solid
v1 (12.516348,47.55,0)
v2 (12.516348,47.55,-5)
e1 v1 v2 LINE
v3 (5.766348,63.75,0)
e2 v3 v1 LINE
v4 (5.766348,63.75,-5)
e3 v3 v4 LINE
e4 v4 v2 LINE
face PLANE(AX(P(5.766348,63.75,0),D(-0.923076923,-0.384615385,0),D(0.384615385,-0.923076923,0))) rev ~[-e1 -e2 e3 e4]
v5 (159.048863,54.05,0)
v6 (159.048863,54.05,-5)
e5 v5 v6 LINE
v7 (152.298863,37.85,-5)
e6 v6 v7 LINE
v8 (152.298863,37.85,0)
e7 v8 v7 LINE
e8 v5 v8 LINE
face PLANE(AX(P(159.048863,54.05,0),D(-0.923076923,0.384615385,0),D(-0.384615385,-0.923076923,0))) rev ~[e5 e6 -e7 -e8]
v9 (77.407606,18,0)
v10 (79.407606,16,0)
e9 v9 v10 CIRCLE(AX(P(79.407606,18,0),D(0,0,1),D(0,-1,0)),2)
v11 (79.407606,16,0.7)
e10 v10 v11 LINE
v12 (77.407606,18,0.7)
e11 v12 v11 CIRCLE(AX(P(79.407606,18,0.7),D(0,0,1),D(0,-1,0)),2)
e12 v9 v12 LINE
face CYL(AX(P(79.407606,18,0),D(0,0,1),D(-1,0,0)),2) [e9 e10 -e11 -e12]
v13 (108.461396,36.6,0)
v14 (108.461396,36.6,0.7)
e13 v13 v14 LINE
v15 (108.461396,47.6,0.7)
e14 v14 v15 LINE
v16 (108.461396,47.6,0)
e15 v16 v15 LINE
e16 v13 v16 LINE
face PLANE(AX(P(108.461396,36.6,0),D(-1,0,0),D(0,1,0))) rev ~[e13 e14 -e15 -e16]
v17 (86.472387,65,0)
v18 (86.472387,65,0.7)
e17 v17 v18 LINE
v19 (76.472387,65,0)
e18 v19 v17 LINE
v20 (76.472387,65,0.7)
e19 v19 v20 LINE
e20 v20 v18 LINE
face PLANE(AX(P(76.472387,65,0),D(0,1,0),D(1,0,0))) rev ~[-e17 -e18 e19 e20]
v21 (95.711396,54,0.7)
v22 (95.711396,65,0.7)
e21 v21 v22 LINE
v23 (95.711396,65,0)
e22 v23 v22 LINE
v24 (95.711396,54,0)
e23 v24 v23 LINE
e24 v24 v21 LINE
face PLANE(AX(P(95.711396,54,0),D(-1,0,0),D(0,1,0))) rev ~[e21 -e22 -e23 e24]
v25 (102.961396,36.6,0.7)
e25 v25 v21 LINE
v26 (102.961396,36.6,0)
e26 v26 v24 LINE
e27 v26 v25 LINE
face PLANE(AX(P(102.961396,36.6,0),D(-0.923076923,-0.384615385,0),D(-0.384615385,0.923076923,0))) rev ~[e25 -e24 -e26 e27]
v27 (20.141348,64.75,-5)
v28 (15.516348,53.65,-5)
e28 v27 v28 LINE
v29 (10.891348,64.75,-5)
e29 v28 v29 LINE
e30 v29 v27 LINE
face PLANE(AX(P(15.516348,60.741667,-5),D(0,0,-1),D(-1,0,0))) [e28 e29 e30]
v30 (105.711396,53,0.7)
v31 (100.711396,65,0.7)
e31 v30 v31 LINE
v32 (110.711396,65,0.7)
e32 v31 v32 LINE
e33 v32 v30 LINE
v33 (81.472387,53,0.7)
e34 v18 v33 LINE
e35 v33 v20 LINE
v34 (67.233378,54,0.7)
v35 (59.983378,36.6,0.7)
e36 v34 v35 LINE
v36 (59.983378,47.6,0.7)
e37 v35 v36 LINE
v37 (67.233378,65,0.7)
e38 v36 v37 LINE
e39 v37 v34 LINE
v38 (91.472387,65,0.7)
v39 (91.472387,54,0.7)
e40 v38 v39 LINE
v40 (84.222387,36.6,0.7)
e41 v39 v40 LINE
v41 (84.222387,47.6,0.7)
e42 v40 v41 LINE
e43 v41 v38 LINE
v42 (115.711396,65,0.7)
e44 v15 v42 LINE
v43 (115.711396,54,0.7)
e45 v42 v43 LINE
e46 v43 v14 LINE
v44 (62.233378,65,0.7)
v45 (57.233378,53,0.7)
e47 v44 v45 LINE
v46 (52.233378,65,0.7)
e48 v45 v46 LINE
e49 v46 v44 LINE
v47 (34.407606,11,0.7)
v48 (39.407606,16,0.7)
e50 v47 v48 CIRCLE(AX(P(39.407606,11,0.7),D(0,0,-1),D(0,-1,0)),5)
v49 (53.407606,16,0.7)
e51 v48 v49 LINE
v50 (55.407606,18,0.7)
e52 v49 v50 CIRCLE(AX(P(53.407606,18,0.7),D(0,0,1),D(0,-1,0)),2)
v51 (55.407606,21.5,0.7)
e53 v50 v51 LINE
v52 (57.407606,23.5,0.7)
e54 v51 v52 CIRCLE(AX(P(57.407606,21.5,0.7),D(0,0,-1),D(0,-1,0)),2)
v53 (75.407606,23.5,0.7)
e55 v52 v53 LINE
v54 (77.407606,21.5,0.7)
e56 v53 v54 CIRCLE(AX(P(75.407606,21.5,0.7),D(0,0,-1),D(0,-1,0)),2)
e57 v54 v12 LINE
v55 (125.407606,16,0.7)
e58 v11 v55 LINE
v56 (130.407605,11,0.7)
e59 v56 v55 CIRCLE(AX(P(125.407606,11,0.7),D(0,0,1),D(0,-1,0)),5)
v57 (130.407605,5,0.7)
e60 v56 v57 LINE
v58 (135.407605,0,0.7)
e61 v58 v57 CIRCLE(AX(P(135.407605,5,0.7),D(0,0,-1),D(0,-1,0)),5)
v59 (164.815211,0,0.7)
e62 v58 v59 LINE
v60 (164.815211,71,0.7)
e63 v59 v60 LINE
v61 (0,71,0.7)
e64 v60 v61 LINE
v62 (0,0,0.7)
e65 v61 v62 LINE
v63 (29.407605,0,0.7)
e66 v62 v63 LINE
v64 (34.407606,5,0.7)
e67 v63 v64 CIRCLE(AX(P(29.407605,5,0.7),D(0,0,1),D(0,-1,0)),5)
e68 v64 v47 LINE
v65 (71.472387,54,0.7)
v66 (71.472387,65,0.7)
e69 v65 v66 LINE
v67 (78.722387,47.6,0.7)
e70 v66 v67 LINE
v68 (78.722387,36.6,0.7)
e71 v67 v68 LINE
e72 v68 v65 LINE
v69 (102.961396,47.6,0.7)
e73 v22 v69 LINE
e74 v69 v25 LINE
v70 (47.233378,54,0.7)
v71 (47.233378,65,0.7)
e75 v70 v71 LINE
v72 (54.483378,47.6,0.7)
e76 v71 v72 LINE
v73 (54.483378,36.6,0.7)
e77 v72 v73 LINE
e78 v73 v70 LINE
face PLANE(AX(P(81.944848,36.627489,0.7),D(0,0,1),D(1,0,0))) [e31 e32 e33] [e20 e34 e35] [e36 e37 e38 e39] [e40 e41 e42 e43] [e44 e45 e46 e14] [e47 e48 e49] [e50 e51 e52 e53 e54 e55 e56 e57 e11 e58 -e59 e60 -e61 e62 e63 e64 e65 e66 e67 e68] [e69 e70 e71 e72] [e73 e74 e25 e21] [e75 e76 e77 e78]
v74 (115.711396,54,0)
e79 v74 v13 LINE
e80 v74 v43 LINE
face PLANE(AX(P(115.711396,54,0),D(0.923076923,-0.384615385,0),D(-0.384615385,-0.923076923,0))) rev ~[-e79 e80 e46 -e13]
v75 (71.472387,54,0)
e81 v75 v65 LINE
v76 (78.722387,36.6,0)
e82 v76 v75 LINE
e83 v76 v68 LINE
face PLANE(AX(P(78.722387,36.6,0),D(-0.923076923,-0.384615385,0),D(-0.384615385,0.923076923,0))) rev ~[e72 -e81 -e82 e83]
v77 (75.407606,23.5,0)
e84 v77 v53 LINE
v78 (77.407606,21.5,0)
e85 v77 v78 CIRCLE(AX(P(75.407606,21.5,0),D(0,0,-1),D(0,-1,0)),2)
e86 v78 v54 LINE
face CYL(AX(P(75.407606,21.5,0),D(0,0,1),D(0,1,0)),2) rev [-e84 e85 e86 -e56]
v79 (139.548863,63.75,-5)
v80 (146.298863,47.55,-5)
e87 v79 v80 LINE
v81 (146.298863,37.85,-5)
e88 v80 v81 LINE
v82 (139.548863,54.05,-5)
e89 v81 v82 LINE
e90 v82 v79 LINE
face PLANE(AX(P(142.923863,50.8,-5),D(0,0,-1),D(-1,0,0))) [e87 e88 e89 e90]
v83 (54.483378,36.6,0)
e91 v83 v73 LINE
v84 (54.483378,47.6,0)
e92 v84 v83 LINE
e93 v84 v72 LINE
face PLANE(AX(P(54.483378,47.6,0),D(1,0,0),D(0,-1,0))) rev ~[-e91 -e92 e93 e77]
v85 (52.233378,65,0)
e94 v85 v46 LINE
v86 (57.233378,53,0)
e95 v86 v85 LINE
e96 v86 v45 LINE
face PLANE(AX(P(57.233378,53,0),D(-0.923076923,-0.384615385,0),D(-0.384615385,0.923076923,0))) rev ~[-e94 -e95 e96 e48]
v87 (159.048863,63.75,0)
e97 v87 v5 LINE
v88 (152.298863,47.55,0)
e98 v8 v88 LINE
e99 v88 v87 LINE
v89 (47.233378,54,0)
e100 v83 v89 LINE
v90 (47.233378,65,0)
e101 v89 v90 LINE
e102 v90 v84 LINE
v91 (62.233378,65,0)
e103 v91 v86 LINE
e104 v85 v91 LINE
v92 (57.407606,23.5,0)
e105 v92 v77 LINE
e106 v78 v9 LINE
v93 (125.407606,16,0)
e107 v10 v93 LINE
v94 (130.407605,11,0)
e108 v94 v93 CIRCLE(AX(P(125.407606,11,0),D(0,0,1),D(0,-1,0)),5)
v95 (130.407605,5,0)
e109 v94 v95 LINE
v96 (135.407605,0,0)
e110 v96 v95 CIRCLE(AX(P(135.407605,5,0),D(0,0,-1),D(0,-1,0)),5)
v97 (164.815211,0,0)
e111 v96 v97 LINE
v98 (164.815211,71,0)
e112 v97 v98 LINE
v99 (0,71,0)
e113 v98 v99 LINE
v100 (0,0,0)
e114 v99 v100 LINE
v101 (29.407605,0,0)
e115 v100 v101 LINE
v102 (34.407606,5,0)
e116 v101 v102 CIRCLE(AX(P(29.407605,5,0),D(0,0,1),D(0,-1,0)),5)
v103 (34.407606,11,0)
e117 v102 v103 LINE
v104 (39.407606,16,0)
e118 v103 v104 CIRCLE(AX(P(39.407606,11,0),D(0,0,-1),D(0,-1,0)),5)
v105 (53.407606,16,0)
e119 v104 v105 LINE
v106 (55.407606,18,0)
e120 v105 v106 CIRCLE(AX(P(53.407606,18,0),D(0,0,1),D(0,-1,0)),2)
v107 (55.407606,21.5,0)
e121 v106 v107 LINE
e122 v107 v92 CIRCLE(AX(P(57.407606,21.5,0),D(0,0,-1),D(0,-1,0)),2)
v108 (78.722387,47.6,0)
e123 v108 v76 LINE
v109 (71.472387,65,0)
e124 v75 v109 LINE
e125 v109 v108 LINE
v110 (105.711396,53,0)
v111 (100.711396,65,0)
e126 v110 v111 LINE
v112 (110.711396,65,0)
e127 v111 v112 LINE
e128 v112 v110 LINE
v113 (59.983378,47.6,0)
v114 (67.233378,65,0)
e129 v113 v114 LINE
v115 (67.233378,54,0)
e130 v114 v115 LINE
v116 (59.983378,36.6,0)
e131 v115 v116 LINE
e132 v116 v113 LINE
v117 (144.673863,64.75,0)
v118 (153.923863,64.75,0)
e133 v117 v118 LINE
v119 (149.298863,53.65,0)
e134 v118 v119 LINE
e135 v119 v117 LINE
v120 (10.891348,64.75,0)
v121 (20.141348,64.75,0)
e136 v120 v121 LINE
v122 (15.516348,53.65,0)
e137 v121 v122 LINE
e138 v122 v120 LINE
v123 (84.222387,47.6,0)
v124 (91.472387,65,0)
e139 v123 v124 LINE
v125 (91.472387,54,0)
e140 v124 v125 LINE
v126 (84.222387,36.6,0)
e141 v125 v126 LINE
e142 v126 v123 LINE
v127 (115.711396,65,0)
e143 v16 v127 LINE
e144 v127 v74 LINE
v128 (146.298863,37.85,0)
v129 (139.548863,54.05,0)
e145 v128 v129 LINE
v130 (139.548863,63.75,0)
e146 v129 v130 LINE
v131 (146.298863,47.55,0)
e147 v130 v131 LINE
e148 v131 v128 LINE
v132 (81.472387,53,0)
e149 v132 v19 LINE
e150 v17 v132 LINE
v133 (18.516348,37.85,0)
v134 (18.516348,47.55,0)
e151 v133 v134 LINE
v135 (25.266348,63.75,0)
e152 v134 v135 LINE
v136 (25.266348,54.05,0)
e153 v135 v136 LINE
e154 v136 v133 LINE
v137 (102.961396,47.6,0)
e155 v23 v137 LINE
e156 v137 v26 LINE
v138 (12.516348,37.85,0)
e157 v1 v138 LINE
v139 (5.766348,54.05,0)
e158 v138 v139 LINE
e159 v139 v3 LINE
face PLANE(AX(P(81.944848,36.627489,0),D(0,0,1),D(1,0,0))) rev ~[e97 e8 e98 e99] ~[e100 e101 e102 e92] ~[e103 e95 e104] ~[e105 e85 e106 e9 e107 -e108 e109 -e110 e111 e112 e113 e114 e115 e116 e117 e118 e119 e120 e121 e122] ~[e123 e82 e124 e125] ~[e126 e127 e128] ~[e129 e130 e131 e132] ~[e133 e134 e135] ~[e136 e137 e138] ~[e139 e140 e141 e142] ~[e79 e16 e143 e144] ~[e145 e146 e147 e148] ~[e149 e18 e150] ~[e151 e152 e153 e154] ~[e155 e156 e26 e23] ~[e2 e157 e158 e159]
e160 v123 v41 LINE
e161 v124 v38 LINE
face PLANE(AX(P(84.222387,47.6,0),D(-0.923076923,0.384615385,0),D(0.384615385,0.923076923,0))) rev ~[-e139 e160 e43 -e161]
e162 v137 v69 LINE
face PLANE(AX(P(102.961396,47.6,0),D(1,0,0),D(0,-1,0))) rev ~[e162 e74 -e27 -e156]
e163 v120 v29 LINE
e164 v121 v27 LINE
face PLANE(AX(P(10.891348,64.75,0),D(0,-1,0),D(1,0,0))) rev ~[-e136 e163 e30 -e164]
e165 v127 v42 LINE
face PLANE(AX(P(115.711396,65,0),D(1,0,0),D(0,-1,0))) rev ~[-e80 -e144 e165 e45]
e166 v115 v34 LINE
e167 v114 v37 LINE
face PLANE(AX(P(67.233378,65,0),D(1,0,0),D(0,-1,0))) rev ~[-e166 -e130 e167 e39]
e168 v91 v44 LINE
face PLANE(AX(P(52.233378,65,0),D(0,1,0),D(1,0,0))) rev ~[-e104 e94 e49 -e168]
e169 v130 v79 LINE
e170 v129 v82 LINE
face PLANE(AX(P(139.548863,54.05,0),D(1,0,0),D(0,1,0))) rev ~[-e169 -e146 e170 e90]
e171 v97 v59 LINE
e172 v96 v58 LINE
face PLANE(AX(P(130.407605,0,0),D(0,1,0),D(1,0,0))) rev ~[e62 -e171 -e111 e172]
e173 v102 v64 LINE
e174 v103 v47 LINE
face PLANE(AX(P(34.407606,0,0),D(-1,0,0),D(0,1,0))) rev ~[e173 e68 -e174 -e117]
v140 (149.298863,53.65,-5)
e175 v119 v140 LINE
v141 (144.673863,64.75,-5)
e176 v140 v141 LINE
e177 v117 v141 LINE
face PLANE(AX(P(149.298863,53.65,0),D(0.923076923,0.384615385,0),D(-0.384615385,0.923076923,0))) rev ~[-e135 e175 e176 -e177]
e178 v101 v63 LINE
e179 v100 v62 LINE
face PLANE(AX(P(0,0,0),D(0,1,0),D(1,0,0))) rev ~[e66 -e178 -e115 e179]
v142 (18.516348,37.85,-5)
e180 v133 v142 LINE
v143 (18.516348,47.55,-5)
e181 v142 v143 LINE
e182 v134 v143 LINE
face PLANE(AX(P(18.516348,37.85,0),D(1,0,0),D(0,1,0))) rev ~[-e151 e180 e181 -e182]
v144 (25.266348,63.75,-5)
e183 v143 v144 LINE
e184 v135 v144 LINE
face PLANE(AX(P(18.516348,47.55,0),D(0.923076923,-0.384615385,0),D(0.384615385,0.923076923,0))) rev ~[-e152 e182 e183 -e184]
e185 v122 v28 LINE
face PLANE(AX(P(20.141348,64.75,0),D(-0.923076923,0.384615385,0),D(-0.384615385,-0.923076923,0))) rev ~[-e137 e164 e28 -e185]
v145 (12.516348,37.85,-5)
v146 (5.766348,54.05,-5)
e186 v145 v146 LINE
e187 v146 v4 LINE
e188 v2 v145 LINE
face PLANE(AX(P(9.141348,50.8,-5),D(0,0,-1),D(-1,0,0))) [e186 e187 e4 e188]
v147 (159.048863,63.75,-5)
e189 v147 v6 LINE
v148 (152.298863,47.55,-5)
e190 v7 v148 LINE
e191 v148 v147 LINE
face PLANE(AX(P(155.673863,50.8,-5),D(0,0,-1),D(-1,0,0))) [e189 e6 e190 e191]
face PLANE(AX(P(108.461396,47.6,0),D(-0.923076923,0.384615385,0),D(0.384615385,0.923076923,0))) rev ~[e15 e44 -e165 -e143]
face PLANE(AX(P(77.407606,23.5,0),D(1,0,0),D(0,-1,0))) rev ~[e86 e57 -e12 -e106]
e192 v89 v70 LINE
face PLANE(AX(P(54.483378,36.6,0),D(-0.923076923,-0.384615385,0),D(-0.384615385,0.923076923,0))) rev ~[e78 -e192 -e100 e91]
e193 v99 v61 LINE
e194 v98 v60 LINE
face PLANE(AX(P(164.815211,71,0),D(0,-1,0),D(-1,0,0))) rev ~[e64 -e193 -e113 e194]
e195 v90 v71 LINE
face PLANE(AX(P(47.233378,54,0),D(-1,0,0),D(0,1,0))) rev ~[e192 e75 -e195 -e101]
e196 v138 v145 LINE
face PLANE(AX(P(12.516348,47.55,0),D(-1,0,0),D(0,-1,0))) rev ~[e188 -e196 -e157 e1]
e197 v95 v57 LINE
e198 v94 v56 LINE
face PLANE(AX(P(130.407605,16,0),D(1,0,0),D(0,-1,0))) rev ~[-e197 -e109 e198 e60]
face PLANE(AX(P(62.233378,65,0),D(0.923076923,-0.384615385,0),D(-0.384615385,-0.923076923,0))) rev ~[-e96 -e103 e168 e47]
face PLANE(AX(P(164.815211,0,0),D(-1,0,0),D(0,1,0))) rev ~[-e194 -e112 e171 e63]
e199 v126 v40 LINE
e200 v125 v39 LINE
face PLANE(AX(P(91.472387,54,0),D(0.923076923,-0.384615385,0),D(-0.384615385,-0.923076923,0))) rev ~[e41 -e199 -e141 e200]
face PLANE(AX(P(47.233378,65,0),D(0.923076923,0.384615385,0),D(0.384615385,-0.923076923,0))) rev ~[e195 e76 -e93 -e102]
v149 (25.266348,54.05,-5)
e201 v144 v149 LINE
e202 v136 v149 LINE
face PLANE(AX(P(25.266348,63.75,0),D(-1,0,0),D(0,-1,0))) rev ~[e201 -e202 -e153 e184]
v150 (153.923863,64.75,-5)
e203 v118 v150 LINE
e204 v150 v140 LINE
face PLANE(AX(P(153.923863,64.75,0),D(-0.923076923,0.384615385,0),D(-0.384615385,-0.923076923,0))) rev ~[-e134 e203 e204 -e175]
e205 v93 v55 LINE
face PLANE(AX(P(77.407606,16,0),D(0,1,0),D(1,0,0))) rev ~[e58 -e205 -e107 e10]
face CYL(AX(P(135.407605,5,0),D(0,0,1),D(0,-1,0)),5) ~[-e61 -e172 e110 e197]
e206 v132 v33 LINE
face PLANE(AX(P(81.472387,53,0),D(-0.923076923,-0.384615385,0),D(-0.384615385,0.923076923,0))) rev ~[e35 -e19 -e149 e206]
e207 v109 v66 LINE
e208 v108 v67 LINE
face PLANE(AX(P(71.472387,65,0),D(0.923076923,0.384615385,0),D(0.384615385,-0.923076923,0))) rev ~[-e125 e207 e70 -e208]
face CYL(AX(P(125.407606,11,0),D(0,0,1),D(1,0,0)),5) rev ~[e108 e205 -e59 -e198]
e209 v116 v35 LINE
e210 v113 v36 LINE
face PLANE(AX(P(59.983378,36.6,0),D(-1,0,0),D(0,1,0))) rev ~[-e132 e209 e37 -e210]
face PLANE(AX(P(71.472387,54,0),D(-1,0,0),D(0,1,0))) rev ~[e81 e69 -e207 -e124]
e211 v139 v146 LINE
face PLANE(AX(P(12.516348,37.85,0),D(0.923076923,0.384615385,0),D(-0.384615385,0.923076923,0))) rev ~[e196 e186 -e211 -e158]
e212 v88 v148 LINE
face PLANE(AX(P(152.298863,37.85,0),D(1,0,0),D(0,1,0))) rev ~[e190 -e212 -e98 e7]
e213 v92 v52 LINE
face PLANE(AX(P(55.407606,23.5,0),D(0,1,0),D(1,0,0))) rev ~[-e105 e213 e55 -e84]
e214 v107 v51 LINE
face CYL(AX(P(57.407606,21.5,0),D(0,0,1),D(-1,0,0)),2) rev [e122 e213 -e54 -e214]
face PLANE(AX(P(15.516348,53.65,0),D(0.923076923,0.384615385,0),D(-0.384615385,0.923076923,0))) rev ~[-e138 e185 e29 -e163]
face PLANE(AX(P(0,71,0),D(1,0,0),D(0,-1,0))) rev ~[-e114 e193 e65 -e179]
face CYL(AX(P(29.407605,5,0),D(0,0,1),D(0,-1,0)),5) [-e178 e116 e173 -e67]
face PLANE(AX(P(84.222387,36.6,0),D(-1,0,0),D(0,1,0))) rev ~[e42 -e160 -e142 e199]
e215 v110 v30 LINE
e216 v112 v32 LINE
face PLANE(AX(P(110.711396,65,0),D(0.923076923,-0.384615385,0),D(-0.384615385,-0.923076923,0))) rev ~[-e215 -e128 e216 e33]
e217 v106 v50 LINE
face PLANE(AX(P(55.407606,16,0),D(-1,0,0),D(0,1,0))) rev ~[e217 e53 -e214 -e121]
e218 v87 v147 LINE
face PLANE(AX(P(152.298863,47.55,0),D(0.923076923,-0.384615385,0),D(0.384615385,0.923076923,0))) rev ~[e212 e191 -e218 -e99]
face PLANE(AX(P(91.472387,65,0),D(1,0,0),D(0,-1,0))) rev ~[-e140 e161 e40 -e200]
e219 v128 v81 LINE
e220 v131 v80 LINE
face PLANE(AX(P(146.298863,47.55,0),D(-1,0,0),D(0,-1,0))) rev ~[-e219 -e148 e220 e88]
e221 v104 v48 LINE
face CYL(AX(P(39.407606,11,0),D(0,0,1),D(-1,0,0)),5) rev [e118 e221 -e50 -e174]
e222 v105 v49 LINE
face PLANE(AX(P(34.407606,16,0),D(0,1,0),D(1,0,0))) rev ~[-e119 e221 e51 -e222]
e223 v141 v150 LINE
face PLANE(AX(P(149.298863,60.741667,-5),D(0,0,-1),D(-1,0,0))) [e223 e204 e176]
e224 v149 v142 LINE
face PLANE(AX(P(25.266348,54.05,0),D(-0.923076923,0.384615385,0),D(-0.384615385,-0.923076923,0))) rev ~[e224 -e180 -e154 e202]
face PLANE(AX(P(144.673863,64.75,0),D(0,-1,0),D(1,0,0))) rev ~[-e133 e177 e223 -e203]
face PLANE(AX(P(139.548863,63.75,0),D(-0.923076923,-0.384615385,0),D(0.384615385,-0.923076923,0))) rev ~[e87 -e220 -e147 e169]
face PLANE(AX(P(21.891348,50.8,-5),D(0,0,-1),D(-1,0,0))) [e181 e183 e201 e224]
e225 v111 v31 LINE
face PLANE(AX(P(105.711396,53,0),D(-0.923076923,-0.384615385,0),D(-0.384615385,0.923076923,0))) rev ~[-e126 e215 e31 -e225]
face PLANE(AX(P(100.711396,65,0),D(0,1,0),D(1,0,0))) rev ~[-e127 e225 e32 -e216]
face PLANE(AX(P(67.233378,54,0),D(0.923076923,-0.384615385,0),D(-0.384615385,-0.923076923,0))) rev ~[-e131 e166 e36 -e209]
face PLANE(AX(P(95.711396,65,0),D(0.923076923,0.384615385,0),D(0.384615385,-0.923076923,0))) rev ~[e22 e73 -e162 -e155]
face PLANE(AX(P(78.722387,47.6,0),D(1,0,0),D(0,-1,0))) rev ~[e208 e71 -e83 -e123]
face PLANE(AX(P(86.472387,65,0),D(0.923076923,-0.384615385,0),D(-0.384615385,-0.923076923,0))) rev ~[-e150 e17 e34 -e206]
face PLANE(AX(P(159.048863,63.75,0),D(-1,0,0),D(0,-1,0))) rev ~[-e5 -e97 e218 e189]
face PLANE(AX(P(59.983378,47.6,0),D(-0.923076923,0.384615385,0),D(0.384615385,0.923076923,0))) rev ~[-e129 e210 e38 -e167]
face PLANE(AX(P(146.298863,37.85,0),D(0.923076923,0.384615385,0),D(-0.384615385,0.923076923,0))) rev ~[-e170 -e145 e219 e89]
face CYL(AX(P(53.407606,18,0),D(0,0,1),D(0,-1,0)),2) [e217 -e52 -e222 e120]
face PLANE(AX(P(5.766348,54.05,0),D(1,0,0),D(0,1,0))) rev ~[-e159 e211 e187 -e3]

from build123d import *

# Parameters (mm, degrees)
BOSS_EXTRUDE1_DEPTH = 0.7
BOSS_EXTRUDE2_DEPTH = 5
FILLET1_R           = 5
FILLET2_R           = 2


with BuildPart() as part:
    # Sketch1 → Boss-Extrude1 (new body)
    with BuildSketch(Plane.XY):
        Polygon((0, 71), (0, 0), (34.4076055, 0), (34.4076055, 16), (55.4076055, 16), (55.4076055, 23.5), (77.4076055, 23.5), (77.4076055, 16), (130.4076055, 16), (130.4076055, 0), (164.815211, 0), (164.815211, 71), align=None)
        Polygon((47.233378, 65), (54.483378, 47.6), (54.483378, 36.6), (47.233378, 54), align=None, mode=Mode.SUBTRACT)
        Polygon((67.233378, 65), (67.233378, 54), (59.983378, 36.6), (59.983378, 47.6), align=None, mode=Mode.SUBTRACT)
        Polygon((71.472387, 65), (78.722387, 47.6), (78.722387, 36.6), (71.472387, 54), align=None, mode=Mode.SUBTRACT)
        Polygon((57.233378, 53), (52.233378, 65), (62.233378, 65), align=None, mode=Mode.SUBTRACT)
        Polygon((81.472387, 53), (76.472387, 65), (86.472387, 65), align=None, mode=Mode.SUBTRACT)
        Polygon((91.472387, 65), (91.472387, 54), (84.222387, 36.6), (84.222387, 47.6), align=None, mode=Mode.SUBTRACT)
        Polygon((95.711396, 65), (102.961396, 47.6), (102.961396, 36.6), (95.711396, 54), align=None, mode=Mode.SUBTRACT)
        Polygon((115.711396, 65), (115.711396, 54), (108.461396, 36.6), (108.461396, 47.6), align=None, mode=Mode.SUBTRACT)
        Polygon((105.711396, 53), (100.711396, 65), (110.711396, 65), align=None, mode=Mode.SUBTRACT)
    extrude(amount=BOSS_EXTRUDE1_DEPTH)

    # Sketch1<4> → Boss-Extrude2 (add)
    with BuildSketch(Plane.XY):
        Polygon((10.891348, 64.75), (15.516348, 53.65), (20.141348, 64.75), align=None)
        Polygon((5.766348, 63.75), (5.766348, 54.05), (12.516348, 37.85), (12.516348, 47.55), align=None)
        Polygon((25.266348, 63.75), (18.516348, 47.55), (18.516348, 37.85), (25.266348, 54.05), align=None)
        Polygon((144.673863, 64.75), (149.298863, 53.65), (153.923863, 64.75), align=None)
        Polygon((139.548863, 54.05), (146.298863, 37.85), (146.298863, 47.55), (139.548863, 63.75), align=None)
        Polygon((159.048863, 54.05), (159.048863, 63.75), (152.298863, 47.55), (152.298863, 37.85), align=None)
    extrude(amount=-BOSS_EXTRUDE2_DEPTH)

    # Fillet1
    fillet1_edges = [part.edges().sort_by_distance(p)[0] for p in [
        (130.4076055, 16, 0.35),
        (130.4076055, 0, 0.35),
        (34.4076055, 0, 0.35),
        (34.4076055, 16, 0.35),
    ]]
    fillet(fillet1_edges, radius=FILLET1_R)

    # Fillet2
    fillet2_edges = [part.edges().sort_by_distance(p)[0] for p in [
        (77.4076055, 16, 0.35),
        (77.4076055, 23.5, 0.35),
        (55.4076055, 16, 0.35),
        (55.4076055, 23.5, 0.35),
    ]]
    fillet(fillet2_edges, radius=FILLET2_R)


solid = part.part
